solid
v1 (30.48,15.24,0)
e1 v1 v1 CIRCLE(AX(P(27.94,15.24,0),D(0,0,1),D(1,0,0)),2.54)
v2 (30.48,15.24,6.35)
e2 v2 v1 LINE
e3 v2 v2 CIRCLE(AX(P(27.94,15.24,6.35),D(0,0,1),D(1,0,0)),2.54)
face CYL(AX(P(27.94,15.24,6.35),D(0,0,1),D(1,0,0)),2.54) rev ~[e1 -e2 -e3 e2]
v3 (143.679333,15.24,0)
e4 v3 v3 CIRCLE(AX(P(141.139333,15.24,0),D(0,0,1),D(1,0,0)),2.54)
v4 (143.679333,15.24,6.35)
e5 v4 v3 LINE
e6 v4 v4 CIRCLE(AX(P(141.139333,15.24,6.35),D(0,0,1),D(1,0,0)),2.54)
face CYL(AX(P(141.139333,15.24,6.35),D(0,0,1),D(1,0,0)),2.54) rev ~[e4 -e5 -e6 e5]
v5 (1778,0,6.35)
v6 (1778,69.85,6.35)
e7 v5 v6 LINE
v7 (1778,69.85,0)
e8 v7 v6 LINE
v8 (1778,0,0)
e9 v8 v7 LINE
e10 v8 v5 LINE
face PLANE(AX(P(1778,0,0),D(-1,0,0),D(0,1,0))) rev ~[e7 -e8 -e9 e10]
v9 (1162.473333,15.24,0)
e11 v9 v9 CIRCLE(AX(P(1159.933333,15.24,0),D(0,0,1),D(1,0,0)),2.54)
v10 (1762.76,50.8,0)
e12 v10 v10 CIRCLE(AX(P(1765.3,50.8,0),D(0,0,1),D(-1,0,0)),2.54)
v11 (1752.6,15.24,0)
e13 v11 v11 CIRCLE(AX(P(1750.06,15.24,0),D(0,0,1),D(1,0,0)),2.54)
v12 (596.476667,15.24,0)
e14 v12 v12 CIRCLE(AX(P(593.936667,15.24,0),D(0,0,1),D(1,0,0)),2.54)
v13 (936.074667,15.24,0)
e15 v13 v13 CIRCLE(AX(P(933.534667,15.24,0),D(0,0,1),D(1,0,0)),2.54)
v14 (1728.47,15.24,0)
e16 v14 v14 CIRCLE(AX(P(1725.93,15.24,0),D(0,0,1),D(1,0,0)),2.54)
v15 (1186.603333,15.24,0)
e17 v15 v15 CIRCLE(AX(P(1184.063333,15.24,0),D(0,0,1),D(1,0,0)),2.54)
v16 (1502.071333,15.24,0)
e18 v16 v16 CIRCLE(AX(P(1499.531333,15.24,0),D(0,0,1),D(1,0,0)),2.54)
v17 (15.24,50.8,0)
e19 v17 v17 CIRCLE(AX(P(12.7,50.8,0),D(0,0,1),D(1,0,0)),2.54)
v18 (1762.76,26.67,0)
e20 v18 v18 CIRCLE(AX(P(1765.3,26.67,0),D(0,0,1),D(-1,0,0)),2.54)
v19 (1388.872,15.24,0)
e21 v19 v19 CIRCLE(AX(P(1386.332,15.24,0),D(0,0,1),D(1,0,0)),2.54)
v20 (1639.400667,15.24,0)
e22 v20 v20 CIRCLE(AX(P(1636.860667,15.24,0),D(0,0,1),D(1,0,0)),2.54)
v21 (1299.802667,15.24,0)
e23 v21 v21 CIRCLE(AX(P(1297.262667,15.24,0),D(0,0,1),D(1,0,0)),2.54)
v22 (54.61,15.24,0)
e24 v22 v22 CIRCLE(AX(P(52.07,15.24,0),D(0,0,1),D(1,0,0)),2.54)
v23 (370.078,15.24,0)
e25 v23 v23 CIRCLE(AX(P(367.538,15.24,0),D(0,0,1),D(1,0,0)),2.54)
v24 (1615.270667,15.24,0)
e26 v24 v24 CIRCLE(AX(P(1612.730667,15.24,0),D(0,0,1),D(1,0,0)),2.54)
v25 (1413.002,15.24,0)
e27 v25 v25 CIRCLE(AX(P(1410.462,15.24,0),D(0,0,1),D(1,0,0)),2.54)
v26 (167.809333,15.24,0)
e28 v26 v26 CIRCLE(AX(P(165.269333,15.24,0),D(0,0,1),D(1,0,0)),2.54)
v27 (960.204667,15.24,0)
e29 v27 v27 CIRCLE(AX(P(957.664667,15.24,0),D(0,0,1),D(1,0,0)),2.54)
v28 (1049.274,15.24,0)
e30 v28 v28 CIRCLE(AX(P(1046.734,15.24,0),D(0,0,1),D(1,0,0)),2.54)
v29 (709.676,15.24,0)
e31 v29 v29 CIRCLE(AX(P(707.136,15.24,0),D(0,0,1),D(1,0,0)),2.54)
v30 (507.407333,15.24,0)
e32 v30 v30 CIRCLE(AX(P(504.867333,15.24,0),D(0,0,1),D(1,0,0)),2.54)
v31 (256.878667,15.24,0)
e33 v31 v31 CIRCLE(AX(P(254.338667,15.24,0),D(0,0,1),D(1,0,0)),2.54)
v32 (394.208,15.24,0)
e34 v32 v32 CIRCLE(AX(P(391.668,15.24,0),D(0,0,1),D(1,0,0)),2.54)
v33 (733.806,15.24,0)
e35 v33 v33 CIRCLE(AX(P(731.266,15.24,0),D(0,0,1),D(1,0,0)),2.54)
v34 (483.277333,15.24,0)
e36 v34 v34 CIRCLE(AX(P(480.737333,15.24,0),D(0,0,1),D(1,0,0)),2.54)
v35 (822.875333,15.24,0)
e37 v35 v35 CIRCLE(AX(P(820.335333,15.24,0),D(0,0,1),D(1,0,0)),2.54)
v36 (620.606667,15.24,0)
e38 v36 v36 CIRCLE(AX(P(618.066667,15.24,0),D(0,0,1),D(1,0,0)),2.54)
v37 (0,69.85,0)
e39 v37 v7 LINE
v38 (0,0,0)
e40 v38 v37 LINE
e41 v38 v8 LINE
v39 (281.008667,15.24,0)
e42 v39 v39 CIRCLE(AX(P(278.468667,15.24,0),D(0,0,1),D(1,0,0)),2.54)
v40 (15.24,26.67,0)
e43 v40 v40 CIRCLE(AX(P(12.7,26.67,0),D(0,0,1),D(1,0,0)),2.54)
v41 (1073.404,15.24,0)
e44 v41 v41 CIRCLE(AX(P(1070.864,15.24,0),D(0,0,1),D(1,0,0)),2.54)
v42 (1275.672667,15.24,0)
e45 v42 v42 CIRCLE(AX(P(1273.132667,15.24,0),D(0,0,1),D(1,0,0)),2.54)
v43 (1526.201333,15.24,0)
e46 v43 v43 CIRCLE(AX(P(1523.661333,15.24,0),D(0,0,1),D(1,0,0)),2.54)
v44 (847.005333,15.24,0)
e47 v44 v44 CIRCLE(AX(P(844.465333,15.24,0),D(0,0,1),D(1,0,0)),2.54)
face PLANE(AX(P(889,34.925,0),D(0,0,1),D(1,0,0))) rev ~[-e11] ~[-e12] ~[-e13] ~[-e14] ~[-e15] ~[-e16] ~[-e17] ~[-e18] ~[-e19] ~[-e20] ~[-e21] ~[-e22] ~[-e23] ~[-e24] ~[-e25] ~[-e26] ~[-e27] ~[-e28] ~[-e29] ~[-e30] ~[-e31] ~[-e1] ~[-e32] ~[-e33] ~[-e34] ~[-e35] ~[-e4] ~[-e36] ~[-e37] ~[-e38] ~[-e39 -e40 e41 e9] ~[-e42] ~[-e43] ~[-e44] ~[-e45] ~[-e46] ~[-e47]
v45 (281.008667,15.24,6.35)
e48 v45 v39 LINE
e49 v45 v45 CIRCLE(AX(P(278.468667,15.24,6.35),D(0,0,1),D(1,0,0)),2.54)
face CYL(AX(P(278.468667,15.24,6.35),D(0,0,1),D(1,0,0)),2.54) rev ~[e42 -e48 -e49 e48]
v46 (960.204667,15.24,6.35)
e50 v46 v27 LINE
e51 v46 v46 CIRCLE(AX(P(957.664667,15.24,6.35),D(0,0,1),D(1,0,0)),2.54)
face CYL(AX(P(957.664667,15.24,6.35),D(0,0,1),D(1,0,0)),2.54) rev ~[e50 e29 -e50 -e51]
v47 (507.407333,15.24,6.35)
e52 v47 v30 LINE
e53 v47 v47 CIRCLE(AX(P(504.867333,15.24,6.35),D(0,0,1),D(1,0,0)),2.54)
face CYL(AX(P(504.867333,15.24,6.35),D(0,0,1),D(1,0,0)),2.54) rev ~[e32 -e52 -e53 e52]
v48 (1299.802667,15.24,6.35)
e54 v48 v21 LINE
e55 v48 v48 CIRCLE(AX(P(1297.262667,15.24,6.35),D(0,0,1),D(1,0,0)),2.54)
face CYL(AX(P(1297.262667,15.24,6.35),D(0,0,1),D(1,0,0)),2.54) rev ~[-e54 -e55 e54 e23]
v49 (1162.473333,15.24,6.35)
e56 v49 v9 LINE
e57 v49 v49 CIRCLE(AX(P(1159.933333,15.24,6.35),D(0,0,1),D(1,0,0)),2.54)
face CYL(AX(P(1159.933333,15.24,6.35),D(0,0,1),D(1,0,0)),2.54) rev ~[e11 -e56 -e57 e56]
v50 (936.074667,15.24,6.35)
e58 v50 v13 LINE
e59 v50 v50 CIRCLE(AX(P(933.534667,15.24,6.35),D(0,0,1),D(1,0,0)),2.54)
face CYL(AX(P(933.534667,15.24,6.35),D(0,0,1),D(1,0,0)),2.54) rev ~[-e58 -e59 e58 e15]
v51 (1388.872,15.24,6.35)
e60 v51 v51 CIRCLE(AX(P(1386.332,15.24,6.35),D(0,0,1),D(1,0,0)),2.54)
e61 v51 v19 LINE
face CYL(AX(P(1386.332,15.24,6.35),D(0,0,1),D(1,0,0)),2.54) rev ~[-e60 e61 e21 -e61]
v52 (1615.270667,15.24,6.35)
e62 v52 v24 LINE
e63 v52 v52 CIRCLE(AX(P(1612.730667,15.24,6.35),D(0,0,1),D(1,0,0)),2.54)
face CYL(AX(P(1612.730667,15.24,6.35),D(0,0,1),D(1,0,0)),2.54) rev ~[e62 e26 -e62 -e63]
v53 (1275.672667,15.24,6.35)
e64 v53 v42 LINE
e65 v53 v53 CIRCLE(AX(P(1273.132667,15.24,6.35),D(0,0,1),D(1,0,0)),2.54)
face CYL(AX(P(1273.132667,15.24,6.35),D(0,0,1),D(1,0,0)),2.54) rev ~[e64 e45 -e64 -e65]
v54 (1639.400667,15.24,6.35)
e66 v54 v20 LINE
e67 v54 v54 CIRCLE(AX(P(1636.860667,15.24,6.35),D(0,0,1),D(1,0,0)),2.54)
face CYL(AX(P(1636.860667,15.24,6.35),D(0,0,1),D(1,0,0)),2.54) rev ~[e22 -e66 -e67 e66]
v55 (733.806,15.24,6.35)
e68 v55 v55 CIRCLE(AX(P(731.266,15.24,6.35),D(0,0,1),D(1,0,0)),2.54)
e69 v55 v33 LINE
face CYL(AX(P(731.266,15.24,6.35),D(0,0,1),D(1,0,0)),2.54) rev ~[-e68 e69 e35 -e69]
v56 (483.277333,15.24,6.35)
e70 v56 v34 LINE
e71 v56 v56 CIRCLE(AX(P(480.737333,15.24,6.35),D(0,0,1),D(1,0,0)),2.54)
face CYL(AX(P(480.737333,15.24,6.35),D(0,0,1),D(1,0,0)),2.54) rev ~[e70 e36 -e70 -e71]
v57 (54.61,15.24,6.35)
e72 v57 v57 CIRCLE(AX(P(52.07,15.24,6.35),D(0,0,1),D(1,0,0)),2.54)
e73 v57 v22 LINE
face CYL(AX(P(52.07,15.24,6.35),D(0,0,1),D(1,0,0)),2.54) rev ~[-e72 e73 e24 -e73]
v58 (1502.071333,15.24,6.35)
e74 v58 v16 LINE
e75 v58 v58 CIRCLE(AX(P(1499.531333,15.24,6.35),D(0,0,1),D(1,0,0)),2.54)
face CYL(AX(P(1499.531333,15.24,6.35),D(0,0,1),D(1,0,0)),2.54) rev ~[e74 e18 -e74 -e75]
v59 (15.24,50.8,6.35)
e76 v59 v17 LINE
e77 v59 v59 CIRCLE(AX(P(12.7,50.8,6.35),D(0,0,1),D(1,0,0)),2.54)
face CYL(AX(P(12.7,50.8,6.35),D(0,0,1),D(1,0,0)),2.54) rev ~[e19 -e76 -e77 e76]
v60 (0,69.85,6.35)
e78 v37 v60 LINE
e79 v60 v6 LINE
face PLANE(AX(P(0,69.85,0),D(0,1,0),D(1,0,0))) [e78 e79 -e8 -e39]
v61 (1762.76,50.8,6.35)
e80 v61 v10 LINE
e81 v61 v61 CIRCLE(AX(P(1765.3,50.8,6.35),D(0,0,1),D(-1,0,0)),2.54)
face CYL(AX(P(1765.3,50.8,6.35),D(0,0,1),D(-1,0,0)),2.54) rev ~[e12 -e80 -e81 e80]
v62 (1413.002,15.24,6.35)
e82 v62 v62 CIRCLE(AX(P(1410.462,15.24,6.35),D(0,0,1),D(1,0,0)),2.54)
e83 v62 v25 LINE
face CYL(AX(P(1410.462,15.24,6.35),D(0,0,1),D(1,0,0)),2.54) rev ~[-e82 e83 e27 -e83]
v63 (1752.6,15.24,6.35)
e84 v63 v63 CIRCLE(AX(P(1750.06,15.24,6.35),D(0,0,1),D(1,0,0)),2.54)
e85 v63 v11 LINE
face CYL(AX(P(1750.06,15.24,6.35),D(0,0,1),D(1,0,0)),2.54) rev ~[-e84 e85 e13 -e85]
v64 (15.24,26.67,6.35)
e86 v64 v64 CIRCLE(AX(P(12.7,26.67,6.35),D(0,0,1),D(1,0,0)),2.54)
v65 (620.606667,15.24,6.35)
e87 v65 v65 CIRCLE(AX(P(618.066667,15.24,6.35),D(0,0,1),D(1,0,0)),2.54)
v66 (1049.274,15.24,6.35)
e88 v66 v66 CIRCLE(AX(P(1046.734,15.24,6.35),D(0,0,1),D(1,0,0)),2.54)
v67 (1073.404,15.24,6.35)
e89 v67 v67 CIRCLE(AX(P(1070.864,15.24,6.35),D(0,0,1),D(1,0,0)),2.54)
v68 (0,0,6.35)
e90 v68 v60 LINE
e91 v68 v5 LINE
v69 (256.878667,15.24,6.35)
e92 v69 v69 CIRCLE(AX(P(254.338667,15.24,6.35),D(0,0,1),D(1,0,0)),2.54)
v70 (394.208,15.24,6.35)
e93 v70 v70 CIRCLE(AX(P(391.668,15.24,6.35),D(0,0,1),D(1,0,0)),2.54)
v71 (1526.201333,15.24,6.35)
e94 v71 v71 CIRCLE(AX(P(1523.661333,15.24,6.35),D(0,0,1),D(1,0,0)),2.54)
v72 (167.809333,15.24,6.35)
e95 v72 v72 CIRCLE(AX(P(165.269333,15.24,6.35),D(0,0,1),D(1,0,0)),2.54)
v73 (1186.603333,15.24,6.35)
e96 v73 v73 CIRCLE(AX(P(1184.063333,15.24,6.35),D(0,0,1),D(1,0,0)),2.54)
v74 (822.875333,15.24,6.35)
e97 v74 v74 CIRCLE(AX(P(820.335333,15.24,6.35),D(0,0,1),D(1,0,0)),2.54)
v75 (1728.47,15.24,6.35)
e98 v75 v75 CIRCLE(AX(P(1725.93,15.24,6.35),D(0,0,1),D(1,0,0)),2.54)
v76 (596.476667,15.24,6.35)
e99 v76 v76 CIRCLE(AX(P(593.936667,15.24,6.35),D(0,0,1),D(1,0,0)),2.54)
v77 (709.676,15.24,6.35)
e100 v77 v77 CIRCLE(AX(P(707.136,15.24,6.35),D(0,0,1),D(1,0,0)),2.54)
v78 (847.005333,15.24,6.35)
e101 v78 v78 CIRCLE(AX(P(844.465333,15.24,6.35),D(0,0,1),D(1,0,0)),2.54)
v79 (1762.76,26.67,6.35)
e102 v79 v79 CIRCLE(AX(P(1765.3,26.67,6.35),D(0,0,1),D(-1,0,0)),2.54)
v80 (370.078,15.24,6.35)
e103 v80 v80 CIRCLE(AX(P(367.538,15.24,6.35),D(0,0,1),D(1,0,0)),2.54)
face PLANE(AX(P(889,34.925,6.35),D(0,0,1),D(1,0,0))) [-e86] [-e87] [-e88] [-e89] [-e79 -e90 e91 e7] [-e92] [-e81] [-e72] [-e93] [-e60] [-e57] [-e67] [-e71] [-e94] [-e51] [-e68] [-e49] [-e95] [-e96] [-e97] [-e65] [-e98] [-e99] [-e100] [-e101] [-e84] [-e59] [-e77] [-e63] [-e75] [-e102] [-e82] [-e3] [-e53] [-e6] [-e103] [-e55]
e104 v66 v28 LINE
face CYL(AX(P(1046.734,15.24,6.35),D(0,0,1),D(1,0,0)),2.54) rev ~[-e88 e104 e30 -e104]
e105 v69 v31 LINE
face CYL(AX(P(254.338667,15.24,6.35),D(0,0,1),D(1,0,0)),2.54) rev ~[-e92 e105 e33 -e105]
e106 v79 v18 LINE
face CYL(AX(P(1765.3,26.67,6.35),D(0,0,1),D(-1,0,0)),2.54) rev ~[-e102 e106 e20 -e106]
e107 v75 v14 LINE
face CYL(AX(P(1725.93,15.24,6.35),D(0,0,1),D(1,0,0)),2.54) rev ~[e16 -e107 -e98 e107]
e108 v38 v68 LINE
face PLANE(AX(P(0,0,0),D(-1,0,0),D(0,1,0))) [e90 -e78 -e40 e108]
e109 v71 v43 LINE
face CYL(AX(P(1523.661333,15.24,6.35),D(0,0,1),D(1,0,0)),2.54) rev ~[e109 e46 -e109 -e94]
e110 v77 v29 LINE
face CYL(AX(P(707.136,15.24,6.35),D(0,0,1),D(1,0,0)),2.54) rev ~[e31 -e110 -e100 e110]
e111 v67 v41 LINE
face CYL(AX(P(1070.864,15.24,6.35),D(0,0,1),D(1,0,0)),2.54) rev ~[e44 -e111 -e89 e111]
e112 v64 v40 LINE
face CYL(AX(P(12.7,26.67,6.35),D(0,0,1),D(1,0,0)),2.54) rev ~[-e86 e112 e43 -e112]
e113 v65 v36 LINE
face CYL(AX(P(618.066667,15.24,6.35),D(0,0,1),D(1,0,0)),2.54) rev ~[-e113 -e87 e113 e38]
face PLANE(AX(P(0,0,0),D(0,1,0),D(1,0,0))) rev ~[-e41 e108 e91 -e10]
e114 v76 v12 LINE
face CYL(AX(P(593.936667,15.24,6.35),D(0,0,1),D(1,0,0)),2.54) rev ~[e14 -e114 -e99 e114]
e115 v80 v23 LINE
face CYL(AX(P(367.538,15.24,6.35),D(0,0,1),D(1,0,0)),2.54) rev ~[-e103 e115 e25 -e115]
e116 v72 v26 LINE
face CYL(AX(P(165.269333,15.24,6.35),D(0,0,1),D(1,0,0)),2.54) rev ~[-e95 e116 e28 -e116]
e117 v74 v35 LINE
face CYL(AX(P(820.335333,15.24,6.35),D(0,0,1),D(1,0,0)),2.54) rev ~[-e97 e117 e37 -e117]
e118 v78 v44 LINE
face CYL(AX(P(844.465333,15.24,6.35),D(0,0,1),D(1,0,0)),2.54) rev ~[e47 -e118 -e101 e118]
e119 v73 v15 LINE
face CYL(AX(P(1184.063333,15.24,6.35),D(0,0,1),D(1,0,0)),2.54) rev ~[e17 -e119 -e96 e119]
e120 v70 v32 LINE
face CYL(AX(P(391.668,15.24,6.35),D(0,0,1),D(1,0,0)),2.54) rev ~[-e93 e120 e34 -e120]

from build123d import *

# Parameters (mm, degrees)
SKETCH1_W           = 1778
SKETCH1_H           = 69.85
BOSS_EXTRUDE1_DEPTH = 6.35
SKETCH2_R           = 2.54
CUT_EXTRUDE1_DEPTH  = 6.35
SKETCH3_R           = 2.54
CUT_EXTRUDE2_DEPTH  = 6.35
LPATTERN2_COUNT     = 16
LPATTERN2_PITCH     = 113.199333333


with BuildPart() as part:
    # Sketch1 → Boss-Extrude1 (new body)
    with BuildSketch(Plane.XY):
        with Locations((889, 34.925)):
            Rectangle(SKETCH1_W, SKETCH1_H)
    extrude(amount=BOSS_EXTRUDE1_DEPTH)

    # Sketch2 → Cut-Extrude1 (cut)
    with BuildSketch(Plane.XY.offset(6.35)):
        with Locations((27.94, 15.24)):
            Circle(SKETCH2_R)
        with Locations((52.07, 15.24)):
            Circle(SKETCH2_R)
    cut_extrude1 = extrude(amount=-CUT_EXTRUDE1_DEPTH, mode=Mode.SUBTRACT)

    # Sketch3 → Cut-Extrude2 (cut)
    with BuildSketch(Plane.XY.offset(6.35)):
        with Locations((12.7, 26.67)):
            Circle(SKETCH3_R)
        with Locations((12.7, 50.8)):
            Circle(SKETCH3_R)
        with Locations(Location((1765.3, 26.67, 0), (0, 0, 180))):
            Circle(SKETCH3_R)
        with Locations(Location((1765.3, 50.8, 0), (0, 0, 180))):
            Circle(SKETCH3_R)
    extrude(amount=-CUT_EXTRUDE2_DEPTH, mode=Mode.SUBTRACT)

    # LPattern2: Cut-Extrude1 ×16
    with Locations(*[(i * LPATTERN2_PITCH, 0, 0) for i in range(1, LPATTERN2_COUNT)]):
        add(cut_extrude1, mode=Mode.SUBTRACT)


solid = part.part
